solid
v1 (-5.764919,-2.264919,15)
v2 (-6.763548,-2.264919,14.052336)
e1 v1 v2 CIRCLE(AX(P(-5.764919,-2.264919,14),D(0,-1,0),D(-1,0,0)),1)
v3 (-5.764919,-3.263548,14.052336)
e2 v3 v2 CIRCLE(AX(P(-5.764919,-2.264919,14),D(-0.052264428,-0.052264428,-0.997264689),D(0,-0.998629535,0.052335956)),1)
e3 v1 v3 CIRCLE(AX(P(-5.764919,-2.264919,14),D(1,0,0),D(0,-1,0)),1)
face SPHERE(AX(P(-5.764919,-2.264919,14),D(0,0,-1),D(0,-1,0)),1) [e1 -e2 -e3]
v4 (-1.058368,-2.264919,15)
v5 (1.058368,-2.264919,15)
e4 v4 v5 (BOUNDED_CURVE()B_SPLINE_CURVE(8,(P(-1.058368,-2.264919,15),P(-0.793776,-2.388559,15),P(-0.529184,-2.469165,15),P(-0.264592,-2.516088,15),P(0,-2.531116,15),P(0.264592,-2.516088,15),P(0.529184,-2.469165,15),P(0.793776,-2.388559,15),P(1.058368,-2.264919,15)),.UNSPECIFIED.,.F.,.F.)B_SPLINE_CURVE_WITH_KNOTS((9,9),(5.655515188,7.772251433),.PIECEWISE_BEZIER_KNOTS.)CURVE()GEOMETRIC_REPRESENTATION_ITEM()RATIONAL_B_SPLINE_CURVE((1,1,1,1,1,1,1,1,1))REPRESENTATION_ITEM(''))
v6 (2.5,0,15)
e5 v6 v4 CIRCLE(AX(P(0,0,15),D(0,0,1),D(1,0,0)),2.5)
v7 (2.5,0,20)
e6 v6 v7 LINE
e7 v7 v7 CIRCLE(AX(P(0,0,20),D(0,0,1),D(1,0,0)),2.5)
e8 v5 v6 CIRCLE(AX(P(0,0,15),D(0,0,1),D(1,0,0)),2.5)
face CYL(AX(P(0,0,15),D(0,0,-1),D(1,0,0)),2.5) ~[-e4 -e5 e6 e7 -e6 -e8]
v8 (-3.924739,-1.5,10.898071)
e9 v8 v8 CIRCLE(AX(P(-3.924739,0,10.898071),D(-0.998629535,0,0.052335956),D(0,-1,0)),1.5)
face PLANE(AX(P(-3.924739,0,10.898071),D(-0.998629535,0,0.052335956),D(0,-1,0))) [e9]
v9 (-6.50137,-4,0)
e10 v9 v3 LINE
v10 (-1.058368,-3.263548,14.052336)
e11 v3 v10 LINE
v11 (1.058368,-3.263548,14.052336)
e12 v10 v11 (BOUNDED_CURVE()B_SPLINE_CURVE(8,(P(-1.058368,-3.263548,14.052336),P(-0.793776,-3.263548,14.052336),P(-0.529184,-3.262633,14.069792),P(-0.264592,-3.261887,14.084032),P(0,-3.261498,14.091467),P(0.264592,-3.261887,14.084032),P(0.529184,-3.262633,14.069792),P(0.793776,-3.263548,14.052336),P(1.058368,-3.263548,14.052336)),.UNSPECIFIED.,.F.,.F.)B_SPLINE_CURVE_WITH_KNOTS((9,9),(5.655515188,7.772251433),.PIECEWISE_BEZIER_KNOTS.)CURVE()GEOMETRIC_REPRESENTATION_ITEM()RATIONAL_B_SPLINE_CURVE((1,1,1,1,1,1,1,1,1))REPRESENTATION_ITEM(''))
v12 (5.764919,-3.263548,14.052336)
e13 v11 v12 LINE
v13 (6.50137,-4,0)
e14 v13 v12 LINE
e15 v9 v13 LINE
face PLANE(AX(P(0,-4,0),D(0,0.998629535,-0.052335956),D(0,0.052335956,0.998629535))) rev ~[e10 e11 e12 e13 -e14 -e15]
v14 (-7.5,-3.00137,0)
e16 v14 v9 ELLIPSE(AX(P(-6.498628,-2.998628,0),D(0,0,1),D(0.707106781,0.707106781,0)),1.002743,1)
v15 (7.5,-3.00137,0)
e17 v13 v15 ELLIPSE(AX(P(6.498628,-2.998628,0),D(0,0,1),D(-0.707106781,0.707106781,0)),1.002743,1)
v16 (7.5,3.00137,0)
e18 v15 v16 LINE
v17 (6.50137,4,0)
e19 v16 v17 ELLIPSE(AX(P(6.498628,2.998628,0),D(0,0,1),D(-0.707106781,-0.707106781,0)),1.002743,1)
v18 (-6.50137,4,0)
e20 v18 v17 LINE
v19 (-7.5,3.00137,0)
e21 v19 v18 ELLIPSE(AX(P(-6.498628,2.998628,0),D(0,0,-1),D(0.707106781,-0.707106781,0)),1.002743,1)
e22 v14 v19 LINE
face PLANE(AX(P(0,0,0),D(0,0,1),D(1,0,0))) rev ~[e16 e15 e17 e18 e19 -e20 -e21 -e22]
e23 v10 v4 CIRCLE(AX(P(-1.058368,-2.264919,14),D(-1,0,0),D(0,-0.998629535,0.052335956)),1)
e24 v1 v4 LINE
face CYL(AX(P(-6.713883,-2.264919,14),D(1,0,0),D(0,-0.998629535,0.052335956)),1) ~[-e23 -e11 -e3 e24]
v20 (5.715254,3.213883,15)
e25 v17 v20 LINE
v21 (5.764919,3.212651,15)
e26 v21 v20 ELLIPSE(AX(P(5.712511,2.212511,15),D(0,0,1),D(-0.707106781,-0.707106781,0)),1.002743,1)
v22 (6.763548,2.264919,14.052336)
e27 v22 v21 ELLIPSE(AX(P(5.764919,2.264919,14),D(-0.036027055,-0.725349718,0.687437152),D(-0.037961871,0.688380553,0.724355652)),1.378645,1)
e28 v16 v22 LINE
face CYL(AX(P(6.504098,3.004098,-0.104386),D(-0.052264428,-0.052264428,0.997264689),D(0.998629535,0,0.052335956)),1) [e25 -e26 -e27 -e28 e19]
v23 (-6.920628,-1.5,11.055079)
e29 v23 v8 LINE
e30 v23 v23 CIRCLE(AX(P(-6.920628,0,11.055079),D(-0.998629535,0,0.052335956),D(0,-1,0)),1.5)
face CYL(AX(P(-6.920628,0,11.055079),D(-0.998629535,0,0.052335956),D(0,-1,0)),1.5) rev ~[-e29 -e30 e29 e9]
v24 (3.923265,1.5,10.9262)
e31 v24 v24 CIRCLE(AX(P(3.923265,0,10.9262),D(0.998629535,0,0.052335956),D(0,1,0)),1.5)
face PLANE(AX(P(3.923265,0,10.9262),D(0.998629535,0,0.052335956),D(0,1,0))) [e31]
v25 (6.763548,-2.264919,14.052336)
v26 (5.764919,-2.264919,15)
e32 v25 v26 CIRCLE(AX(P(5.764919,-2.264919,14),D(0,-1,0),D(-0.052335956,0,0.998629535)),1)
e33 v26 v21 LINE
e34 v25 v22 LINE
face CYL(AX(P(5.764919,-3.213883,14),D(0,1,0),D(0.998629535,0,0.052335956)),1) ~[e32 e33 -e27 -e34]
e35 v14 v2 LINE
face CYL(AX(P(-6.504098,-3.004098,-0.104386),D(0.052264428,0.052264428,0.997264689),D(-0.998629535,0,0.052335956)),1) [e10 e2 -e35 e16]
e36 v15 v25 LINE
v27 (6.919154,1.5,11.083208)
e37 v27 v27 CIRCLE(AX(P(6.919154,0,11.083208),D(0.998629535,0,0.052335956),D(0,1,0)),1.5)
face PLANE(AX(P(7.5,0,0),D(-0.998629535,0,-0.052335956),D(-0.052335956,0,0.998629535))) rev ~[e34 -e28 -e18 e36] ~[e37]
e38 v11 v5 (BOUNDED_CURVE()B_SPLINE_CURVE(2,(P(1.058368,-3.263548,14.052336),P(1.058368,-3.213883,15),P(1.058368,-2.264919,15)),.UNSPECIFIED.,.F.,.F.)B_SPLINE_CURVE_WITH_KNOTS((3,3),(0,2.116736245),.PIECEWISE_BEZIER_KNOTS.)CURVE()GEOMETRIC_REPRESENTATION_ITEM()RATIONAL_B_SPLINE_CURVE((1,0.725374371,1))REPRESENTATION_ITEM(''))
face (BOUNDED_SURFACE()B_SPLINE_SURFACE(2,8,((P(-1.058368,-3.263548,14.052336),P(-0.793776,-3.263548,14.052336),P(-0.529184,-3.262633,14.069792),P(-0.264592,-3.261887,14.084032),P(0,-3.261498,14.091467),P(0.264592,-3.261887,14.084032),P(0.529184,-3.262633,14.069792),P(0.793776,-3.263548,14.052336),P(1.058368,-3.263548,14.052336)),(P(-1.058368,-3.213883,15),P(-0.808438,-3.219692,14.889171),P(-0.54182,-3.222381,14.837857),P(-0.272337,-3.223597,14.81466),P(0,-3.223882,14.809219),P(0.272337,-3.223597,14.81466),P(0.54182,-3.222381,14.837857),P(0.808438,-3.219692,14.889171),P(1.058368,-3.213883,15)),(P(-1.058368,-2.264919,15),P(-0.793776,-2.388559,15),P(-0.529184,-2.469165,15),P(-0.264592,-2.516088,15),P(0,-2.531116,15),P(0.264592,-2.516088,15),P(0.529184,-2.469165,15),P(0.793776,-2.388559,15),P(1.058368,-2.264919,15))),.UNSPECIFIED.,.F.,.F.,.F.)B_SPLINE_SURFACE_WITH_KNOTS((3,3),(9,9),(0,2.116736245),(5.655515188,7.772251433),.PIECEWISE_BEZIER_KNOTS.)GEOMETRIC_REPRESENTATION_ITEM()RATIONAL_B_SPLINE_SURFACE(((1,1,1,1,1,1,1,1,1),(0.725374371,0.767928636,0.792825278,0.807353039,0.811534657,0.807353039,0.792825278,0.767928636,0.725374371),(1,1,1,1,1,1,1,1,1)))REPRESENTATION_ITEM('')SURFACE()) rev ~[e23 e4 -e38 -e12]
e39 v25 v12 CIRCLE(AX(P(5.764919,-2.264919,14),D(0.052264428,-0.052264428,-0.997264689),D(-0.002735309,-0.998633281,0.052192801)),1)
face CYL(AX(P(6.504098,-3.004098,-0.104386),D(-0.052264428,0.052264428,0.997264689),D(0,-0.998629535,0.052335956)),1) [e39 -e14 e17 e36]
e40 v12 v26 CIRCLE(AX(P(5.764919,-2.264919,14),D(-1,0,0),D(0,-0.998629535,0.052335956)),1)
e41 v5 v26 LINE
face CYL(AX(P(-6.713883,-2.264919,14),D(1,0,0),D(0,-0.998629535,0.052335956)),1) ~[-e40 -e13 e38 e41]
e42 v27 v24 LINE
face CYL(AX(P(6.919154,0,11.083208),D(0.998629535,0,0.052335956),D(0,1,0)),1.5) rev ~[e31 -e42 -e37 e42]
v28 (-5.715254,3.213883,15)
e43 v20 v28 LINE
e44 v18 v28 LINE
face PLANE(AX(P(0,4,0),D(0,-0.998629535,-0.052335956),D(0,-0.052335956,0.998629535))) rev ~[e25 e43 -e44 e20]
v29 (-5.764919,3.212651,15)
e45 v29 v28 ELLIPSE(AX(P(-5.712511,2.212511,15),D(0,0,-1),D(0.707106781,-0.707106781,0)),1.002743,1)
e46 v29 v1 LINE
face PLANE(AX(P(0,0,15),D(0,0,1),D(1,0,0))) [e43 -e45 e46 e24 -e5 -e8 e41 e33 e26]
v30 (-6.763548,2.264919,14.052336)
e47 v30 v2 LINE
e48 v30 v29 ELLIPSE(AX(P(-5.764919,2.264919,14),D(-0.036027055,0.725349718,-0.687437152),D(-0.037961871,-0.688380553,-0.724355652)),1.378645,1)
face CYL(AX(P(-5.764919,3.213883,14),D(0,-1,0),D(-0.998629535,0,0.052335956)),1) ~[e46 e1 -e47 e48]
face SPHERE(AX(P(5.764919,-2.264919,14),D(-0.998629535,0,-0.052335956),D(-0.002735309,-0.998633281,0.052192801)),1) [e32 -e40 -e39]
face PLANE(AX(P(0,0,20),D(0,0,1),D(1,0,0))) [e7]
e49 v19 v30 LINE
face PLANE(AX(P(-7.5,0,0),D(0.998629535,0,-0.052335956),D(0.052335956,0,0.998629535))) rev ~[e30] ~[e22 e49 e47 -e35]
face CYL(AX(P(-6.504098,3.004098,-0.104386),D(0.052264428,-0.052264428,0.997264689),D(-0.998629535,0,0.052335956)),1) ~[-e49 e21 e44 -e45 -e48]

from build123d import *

# Parameters (mm, degrees)
F0_W     = 15
F0_H     = 8
F1_DEPTH = 15
F1_TAPER = 3
F2_R     = 2.5
F3_DEPTH = 5
F4_R     = 1
F5_R     = 1.5
F6_DEPTH = 3
F7_R     = 1.5
F8_DEPTH = 3


with BuildPart() as f1:
    # F0 (on Top) → F1 (new body)
    with BuildSketch(Plane.XY):
        Rectangle(F0_W, F0_H)
    extrude(amount=F1_DEPTH, taper=F1_TAPER)

    # F2 (on face) → F3 (join)
    with BuildSketch(Plane.XY.offset(15)):
        Circle(F2_R)
    extrude(amount=F3_DEPTH)

    # F4
    f4_edges = [f1.edges().sort_by_distance(p)[0] for p in [
        (-7.106942, -3.606942, 7.5),
        (0, -3.213883, 15),
        (7.106942, -3.606942, 7.5),
        (6.713883, 0, 15),
        (7.106942, 3.606942, 7.5),
        (-6.713883, 0, 15),
        (-7.106942, 3.606942, 7.5),
    ]]
    fillet(f4_edges, radius=F4_R)

    # F5 (on face) → F6 (cut)
    with BuildSketch(Plane(origin=(-7.4794571076, 0, 0.3919817373), x_dir=(0, -1, 0), z_dir=(-0.9986295348, 0, 0.0523359562))):
        with Locations((0, 10.6777304862)):
            Circle(F5_R)
    extrude(amount=-F6_DEPTH, mode=Mode.SUBTRACT)

    # F7 (on face) → F8 (cut)
    with BuildSketch(Plane(origin=(7.4794571076, 0, 0.3919817373), x_dir=(0, 1, 0), z_dir=(0.9986295348, 0, 0.0523359562))):
        with Locations((0, 10.7058982886)):
            Circle(F7_R)
    extrude(amount=-F8_DEPTH, mode=Mode.SUBTRACT)


solid = f1.part
